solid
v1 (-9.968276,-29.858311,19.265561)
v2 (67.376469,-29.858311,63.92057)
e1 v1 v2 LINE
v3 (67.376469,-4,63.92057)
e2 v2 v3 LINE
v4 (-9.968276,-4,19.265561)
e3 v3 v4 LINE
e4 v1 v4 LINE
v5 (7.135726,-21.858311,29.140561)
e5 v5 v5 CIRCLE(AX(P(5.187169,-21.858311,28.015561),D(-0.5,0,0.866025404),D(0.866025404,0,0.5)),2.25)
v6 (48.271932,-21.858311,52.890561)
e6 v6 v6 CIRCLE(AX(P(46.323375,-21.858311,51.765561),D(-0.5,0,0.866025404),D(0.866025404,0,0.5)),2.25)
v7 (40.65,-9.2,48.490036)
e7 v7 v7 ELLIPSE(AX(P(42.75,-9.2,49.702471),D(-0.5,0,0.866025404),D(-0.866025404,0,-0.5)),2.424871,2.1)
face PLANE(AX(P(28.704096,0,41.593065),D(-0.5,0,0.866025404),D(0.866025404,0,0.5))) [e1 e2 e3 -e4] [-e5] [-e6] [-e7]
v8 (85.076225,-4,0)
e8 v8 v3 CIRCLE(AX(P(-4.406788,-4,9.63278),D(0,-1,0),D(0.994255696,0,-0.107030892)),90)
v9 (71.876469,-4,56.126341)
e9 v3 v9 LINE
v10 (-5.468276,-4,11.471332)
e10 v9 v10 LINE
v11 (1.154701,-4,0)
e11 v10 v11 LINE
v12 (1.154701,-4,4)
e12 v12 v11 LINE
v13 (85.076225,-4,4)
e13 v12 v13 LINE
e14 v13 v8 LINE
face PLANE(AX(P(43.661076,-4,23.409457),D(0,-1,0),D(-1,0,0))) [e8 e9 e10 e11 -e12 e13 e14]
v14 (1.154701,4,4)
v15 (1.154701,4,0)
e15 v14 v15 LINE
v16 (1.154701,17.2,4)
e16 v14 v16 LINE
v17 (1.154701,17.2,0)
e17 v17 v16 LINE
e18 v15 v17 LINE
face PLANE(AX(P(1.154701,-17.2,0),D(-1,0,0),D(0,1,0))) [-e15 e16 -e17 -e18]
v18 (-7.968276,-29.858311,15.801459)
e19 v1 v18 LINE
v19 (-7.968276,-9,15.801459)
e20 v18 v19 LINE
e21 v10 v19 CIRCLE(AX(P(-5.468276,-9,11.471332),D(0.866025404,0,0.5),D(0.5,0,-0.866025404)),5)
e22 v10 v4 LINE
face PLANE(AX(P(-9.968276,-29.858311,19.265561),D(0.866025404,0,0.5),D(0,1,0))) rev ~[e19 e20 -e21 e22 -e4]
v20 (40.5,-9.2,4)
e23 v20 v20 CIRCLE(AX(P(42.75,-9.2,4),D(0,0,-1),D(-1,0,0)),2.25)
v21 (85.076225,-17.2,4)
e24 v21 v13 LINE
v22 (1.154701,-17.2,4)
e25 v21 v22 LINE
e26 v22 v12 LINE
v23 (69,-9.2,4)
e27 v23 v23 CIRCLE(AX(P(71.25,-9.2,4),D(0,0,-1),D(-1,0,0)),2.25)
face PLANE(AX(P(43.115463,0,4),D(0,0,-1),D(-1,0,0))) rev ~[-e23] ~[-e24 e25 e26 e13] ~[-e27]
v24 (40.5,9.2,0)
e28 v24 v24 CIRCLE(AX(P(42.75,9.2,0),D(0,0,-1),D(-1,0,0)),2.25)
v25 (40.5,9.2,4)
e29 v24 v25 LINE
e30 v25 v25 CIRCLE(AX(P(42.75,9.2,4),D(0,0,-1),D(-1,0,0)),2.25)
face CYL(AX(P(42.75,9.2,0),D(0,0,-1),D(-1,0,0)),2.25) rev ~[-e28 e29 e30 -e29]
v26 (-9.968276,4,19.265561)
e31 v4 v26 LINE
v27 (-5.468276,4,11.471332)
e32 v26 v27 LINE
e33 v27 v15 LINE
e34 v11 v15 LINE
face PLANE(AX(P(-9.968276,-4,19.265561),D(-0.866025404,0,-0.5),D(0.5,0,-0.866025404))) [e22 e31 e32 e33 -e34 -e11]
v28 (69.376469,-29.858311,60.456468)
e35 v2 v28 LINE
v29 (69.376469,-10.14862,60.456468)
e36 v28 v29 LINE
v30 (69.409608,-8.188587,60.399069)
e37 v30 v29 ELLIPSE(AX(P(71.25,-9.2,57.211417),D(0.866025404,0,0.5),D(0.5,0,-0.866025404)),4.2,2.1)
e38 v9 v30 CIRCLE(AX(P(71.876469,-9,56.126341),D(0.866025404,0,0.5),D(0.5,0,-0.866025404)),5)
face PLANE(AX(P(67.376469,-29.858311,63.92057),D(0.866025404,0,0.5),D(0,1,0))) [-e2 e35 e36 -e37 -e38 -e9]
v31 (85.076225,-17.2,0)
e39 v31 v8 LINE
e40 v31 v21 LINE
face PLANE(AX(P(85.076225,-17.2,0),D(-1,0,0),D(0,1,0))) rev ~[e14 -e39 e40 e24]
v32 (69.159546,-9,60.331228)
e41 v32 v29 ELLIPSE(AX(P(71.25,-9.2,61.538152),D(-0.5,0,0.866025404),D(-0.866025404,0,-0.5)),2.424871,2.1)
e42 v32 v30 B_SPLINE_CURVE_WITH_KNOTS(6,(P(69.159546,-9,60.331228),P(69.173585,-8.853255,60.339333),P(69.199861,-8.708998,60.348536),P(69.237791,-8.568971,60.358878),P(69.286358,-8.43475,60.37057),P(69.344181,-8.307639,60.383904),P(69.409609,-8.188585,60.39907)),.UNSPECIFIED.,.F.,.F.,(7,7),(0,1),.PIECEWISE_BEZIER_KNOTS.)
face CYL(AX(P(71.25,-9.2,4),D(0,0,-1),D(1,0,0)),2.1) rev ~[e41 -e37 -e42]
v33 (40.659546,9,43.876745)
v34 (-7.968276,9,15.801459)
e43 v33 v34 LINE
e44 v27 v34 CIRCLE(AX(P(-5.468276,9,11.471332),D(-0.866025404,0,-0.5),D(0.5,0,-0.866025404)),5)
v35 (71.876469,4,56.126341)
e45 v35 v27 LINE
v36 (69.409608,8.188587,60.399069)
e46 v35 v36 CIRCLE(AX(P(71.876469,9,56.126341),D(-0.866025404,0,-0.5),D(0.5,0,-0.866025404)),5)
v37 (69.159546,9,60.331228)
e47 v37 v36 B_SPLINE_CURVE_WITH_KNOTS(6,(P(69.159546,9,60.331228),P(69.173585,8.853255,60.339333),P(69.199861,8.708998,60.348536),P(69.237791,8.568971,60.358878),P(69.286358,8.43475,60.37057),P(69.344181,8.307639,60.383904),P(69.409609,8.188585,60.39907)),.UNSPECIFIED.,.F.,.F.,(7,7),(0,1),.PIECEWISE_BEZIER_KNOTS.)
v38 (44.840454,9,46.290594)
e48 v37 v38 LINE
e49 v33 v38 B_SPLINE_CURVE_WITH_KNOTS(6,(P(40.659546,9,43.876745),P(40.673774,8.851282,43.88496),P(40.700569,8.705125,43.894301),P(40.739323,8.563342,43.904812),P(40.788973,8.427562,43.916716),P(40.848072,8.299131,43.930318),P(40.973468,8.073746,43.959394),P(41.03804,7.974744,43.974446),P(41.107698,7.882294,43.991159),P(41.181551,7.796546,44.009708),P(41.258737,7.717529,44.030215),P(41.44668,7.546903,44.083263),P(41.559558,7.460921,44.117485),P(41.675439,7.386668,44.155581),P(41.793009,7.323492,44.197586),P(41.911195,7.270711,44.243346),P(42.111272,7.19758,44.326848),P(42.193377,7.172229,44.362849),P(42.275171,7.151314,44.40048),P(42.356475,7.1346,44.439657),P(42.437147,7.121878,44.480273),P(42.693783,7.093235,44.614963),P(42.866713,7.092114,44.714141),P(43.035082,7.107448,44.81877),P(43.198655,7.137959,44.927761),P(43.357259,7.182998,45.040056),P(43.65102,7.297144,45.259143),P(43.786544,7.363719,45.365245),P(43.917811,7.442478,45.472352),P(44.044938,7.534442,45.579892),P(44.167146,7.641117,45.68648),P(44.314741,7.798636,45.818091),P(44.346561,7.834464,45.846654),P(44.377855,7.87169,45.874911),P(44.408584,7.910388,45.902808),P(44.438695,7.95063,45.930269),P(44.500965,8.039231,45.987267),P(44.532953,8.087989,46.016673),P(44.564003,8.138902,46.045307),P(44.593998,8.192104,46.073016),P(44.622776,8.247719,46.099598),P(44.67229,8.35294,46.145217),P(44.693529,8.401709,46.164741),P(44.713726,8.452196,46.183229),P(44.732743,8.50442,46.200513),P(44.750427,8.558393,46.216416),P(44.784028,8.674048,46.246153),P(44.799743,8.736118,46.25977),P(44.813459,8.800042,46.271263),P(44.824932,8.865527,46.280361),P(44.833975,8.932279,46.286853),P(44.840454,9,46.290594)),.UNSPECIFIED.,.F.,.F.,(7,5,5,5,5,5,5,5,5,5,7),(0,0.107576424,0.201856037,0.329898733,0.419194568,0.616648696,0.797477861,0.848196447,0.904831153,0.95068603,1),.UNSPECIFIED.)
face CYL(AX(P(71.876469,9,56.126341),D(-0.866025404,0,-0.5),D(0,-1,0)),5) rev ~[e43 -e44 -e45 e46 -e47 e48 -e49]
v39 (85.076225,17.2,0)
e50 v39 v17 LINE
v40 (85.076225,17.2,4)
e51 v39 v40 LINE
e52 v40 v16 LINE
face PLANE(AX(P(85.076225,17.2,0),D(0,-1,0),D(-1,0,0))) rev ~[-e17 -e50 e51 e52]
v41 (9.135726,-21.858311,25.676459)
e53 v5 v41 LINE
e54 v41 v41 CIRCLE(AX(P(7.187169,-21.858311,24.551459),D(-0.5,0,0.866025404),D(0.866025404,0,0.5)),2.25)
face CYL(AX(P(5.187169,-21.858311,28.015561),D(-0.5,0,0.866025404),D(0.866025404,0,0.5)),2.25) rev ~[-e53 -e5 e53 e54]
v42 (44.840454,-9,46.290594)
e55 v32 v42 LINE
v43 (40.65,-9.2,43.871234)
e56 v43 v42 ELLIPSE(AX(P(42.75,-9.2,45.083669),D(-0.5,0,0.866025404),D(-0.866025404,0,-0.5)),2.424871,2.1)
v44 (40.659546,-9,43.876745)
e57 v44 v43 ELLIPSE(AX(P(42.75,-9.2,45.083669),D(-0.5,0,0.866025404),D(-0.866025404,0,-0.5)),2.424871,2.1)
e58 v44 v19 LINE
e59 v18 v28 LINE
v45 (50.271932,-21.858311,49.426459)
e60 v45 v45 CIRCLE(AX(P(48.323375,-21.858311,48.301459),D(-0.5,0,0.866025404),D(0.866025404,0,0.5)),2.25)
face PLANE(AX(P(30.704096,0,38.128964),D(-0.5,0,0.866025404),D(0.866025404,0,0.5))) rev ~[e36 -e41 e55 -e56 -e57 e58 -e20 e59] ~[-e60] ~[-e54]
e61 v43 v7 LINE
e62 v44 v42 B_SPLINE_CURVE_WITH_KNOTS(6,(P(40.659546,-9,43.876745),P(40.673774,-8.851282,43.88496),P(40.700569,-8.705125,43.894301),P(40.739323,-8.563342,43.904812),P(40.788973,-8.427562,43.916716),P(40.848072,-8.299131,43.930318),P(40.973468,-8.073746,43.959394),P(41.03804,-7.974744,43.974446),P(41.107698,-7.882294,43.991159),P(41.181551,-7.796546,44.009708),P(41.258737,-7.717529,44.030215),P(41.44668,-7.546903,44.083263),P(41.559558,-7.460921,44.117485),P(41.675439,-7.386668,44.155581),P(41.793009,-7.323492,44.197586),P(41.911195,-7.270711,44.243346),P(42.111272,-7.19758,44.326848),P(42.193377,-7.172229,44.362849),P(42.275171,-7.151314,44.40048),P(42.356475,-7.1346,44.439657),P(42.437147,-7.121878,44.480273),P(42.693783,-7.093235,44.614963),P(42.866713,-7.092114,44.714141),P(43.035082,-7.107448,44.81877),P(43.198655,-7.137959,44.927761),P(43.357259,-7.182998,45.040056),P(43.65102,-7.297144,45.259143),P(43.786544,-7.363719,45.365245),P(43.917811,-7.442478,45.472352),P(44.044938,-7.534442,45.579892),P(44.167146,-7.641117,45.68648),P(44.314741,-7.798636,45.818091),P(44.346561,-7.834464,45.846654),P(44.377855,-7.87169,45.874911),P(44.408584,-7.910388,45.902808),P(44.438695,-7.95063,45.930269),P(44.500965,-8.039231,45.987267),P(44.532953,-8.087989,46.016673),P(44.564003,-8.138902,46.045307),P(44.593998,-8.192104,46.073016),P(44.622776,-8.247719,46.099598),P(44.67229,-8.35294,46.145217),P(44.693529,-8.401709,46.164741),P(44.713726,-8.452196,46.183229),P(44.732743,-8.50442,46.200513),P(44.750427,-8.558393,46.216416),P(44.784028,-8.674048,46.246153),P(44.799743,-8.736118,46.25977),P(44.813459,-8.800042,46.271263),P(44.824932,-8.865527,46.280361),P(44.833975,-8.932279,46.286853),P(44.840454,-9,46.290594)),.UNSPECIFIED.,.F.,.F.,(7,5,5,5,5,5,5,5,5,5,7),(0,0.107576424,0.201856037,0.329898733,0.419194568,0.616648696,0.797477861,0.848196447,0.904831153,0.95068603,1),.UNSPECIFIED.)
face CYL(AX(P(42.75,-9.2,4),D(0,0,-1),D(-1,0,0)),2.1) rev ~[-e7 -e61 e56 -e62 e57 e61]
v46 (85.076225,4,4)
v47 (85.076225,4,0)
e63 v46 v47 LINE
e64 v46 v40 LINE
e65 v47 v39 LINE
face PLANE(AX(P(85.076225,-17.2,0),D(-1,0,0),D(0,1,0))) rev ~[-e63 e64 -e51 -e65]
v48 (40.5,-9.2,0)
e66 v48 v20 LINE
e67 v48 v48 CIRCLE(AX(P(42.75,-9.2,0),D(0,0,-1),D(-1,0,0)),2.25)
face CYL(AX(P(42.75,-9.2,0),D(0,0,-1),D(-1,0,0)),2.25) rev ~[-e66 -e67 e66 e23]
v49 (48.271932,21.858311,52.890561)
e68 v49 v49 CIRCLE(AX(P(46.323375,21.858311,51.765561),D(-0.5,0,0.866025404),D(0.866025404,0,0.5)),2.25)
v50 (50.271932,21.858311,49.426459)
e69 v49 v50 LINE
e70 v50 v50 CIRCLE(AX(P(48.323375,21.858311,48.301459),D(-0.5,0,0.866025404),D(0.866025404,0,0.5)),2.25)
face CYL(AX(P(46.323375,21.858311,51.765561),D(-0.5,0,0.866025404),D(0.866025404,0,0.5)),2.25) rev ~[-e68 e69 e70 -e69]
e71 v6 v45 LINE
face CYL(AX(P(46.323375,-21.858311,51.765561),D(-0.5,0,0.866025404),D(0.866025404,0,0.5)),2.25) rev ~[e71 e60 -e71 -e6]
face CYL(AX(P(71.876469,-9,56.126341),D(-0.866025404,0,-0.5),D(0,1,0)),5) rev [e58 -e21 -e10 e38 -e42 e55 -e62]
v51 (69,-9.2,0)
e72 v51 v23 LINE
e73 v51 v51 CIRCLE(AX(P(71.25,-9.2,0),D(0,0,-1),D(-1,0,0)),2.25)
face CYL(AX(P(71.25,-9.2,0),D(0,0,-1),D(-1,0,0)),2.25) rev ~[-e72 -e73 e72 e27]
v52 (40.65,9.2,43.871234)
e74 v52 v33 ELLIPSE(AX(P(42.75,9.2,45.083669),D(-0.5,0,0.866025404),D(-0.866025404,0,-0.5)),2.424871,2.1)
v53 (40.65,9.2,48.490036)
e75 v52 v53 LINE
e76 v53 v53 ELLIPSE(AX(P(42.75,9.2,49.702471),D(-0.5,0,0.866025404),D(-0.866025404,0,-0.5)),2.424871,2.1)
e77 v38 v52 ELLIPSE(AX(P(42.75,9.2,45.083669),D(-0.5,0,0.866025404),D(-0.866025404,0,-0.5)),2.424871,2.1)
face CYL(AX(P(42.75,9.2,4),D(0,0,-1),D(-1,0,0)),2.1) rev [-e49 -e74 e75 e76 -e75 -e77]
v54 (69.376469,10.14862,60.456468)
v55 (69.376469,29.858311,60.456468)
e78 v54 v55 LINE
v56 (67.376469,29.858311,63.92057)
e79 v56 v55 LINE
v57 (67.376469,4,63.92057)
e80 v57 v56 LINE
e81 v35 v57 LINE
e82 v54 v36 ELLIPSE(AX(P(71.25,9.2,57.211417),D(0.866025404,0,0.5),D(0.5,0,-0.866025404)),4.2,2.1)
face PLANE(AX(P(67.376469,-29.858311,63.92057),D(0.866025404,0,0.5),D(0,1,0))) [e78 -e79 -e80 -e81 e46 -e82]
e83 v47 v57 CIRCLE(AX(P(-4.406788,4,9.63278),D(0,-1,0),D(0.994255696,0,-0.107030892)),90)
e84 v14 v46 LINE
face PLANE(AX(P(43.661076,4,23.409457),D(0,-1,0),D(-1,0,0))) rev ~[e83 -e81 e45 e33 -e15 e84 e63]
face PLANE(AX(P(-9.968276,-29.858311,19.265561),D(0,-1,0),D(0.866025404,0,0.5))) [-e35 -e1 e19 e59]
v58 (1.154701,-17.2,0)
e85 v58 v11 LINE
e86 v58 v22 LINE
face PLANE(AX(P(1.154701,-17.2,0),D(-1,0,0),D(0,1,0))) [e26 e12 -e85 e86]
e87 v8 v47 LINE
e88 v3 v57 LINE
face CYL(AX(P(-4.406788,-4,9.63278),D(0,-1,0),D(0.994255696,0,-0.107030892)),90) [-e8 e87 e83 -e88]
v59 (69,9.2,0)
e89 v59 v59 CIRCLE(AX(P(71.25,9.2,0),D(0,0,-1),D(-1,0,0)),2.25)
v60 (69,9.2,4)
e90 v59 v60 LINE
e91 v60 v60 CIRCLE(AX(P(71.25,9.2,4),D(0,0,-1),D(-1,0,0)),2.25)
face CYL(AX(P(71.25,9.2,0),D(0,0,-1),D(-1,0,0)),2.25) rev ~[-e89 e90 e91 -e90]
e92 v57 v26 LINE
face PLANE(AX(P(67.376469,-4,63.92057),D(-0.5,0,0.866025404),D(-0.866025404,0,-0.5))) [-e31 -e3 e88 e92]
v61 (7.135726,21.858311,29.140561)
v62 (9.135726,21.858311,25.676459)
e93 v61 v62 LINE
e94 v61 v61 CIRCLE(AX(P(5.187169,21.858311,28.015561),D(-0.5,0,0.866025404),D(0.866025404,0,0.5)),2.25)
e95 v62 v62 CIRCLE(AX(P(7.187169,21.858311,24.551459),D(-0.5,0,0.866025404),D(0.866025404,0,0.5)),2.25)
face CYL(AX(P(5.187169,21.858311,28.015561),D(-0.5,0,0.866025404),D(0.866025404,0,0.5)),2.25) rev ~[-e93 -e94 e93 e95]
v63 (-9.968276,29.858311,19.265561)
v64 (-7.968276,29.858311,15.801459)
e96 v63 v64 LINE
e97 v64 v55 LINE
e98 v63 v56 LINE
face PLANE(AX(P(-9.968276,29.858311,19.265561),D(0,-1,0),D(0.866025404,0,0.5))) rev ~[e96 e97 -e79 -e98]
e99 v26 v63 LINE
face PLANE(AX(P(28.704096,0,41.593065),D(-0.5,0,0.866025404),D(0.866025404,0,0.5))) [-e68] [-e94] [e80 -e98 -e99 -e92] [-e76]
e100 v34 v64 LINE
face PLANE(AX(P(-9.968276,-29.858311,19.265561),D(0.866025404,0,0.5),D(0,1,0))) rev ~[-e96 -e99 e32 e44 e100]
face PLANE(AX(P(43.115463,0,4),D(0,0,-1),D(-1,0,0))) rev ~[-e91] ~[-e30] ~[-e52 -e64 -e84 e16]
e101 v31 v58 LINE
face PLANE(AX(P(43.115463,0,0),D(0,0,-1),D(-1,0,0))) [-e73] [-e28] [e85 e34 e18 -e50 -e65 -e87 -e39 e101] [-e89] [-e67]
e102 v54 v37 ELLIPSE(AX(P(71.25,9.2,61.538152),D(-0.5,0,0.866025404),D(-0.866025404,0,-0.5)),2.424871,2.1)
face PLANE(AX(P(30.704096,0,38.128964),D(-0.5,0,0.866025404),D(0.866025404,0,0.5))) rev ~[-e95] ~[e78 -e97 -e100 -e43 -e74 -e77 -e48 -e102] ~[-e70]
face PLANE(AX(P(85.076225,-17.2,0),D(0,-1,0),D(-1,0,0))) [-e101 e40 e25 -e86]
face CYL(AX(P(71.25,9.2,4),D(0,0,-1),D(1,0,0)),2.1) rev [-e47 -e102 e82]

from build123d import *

# Parameters (mm, degrees)
BOSS_EXTRUDE1_DEPTH      = 4
BOSS_EXTRUDE1_DEPTH_BACK = 4
SKETCH3_W                = 89.310018428
SKETCH3_H                = 59.716622104
BOSS_EXTRUDE2_DEPTH      = 4
CUT_EXTRUDE1_REACH       = 112.584
SKETCH4_R                = 2.25
SKETCH5_W                = 83.9215243
SKETCH5_H                = 34.4
BOSS_EXTRUDE3_DEPTH      = 4
SKETCH6_R                = 2.25
CUT_EXTRUDE2_DEPTH       = 4
FILLET1_R                = 5
SKETCH7_R                = 2.1
CUT_EXTRUDE3_DEPTH       = 109.665502377


with BuildPart() as part:
    # Sketch2 → Boss-Extrude1 (new, two sides: drawn at the far end of the back side and taken through both)
    with BuildSketch(Plane(origin=(0, 0, 0), x_dir=(1, 0, 0), z_dir=(0, 1, 0)).offset(-BOSS_EXTRUDE1_DEPTH_BACK)):
        with BuildLine():
            Line((1.154700538, 0), (85.076224838, 0))
            ThreePointArc((85.076224838, 0), (82.329376533, -33.6502282), (67.376468713, -63.920569811))
            Line((67.376468713, -63.920569811), (-9.968276059, -19.265560597))
            Line((-9.968276059, -19.265560597), (1.154700538, 0))
        make_face()
    extrude(amount=BOSS_EXTRUDE1_DEPTH + BOSS_EXTRUDE1_DEPTH_BACK)

    # Sketch3 → Boss-Extrude2 (add)
    with BuildSketch(Plane(origin=(-10.834301462, 0, 18.765560597), x_dir=(0.8660254037844386, 0, 0.5000000000000001), z_dir=(-0.5000000000000001, 0, 0.8660254037844386))):
        with Locations((45.655009214, 0)):
            Rectangle(SKETCH3_W, SKETCH3_H)
    extrude(amount=-BOSS_EXTRUDE2_DEPTH)

    # Sketch4 → Cut-Extrude1 (cut, up to next)
    with BuildSketch(Plane(origin=(-10.834301462, 0, 18.765560597), x_dir=(0.8660254037844386, 0, 0.5000000000000001), z_dir=(-0.5000000000000001, 0, 0.8660254037844386)), mode=Mode.PRIVATE) as cut_extrude1_sk1:
        with Locations((66, 21.858311052)):
            Circle(SKETCH4_R)
    cut_extrude1_tool1 = extrude(cut_extrude1_sk1.sketch, amount=-CUT_EXTRUDE1_REACH, mode=Mode.PRIVATE) & part.part
    # Sketch4 → Cut-Extrude1 (cut, up to next)
    with BuildSketch(Plane(origin=(-10.834301462, 0, 18.765560597), x_dir=(0.8660254037844386, 0, 0.5000000000000001), z_dir=(-0.5000000000000001, 0, 0.8660254037844386)), mode=Mode.PRIVATE) as cut_extrude1_sk2:
        with Locations((66, -21.858311052)):
            Circle(SKETCH4_R)
    cut_extrude1_tool2 = extrude(cut_extrude1_sk2.sketch, amount=-CUT_EXTRUDE1_REACH, mode=Mode.PRIVATE) & part.part
    # Sketch4 → Cut-Extrude1 (cut, up to next)
    with BuildSketch(Plane(origin=(-10.834301462, 0, 18.765560597), x_dir=(0.8660254037844386, 0, 0.5000000000000001), z_dir=(-0.5000000000000001, 0, 0.8660254037844386)), mode=Mode.PRIVATE) as cut_extrude1_sk3:
        with Locations((18.5, 21.858311052)):
            Circle(SKETCH4_R)
    cut_extrude1_tool3 = extrude(cut_extrude1_sk3.sketch, amount=-CUT_EXTRUDE1_REACH, mode=Mode.PRIVATE) & part.part
    # Sketch4 → Cut-Extrude1 (cut, up to next)
    with BuildSketch(Plane(origin=(-10.834301462, 0, 18.765560597), x_dir=(0.8660254037844386, 0, 0.5000000000000001), z_dir=(-0.5000000000000001, 0, 0.8660254037844386)), mode=Mode.PRIVATE) as cut_extrude1_sk4:
        with Locations((18.5, -21.858311052)):
            Circle(SKETCH4_R)
    cut_extrude1_tool4 = extrude(cut_extrude1_sk4.sketch, amount=-CUT_EXTRUDE1_REACH, mode=Mode.PRIVATE) & part.part
    add(cut_extrude1_tool1.solids().sort_by_distance((46.323375, 21.858311, 51.765561))[0], mode=Mode.SUBTRACT)
    add(cut_extrude1_tool2.solids().sort_by_distance((46.323375, -21.858311, 51.765561))[0], mode=Mode.SUBTRACT)
    add(cut_extrude1_tool3.solids().sort_by_distance((5.187169, 21.858311, 28.015561))[0], mode=Mode.SUBTRACT)
    add(cut_extrude1_tool4.solids().sort_by_distance((5.187169, -21.858311, 28.015561))[0], mode=Mode.SUBTRACT)

    # Sketch5 → Boss-Extrude3 (add)
    with BuildSketch(Plane(origin=(0, 0, 0), x_dir=(-1, 0, 0), z_dir=(0, 0, -1))):
        with Locations((-43.115462688, 0)):
            Rectangle(SKETCH5_W, SKETCH5_H)
    extrude(amount=-BOSS_EXTRUDE3_DEPTH)

    # Sketch6 → Cut-Extrude2 (cut)
    with BuildSketch(Plane(origin=(0, 0, 0), x_dir=(-1, 0, 0), z_dir=(0, 0, -1))):
        with Locations((-71.25, -9.2)):
            Circle(SKETCH6_R)
        with Locations((-71.25, 9.2)):
            Circle(SKETCH6_R)
        with Locations((-42.75, 9.2)):
            Circle(SKETCH6_R)
        with Locations((-42.75, -9.2)):
            Circle(SKETCH6_R)
    extrude(amount=-CUT_EXTRUDE2_DEPTH, mode=Mode.SUBTRACT)

    # Fillet1
    fillet1_edges = [part.edges().sort_by_distance(p)[0] for p in [
        (30.704096327, -4, 38.128963589),
        (30.704096327, 4, 38.128963589),
    ]]
    fillet(fillet1_edges, radius=FILLET1_R)

    # Sketch7 → Cut-Extrude3 (cut, through all)
    with BuildSketch(Plane.XY.offset(4)):
        with Locations((42.75, 9.2)):
            Circle(SKETCH7_R)
        with Locations((71.25, 9.2)):
            Circle(SKETCH7_R)
    cut_extrude3 = extrude(amount=CUT_EXTRUDE3_DEPTH, mode=Mode.SUBTRACT)

    # Mirror1: Cut-Extrude3 across plane
    add(cut_extrude3.mirror(Plane.ZX), mode=Mode.SUBTRACT)


solid = part.part
